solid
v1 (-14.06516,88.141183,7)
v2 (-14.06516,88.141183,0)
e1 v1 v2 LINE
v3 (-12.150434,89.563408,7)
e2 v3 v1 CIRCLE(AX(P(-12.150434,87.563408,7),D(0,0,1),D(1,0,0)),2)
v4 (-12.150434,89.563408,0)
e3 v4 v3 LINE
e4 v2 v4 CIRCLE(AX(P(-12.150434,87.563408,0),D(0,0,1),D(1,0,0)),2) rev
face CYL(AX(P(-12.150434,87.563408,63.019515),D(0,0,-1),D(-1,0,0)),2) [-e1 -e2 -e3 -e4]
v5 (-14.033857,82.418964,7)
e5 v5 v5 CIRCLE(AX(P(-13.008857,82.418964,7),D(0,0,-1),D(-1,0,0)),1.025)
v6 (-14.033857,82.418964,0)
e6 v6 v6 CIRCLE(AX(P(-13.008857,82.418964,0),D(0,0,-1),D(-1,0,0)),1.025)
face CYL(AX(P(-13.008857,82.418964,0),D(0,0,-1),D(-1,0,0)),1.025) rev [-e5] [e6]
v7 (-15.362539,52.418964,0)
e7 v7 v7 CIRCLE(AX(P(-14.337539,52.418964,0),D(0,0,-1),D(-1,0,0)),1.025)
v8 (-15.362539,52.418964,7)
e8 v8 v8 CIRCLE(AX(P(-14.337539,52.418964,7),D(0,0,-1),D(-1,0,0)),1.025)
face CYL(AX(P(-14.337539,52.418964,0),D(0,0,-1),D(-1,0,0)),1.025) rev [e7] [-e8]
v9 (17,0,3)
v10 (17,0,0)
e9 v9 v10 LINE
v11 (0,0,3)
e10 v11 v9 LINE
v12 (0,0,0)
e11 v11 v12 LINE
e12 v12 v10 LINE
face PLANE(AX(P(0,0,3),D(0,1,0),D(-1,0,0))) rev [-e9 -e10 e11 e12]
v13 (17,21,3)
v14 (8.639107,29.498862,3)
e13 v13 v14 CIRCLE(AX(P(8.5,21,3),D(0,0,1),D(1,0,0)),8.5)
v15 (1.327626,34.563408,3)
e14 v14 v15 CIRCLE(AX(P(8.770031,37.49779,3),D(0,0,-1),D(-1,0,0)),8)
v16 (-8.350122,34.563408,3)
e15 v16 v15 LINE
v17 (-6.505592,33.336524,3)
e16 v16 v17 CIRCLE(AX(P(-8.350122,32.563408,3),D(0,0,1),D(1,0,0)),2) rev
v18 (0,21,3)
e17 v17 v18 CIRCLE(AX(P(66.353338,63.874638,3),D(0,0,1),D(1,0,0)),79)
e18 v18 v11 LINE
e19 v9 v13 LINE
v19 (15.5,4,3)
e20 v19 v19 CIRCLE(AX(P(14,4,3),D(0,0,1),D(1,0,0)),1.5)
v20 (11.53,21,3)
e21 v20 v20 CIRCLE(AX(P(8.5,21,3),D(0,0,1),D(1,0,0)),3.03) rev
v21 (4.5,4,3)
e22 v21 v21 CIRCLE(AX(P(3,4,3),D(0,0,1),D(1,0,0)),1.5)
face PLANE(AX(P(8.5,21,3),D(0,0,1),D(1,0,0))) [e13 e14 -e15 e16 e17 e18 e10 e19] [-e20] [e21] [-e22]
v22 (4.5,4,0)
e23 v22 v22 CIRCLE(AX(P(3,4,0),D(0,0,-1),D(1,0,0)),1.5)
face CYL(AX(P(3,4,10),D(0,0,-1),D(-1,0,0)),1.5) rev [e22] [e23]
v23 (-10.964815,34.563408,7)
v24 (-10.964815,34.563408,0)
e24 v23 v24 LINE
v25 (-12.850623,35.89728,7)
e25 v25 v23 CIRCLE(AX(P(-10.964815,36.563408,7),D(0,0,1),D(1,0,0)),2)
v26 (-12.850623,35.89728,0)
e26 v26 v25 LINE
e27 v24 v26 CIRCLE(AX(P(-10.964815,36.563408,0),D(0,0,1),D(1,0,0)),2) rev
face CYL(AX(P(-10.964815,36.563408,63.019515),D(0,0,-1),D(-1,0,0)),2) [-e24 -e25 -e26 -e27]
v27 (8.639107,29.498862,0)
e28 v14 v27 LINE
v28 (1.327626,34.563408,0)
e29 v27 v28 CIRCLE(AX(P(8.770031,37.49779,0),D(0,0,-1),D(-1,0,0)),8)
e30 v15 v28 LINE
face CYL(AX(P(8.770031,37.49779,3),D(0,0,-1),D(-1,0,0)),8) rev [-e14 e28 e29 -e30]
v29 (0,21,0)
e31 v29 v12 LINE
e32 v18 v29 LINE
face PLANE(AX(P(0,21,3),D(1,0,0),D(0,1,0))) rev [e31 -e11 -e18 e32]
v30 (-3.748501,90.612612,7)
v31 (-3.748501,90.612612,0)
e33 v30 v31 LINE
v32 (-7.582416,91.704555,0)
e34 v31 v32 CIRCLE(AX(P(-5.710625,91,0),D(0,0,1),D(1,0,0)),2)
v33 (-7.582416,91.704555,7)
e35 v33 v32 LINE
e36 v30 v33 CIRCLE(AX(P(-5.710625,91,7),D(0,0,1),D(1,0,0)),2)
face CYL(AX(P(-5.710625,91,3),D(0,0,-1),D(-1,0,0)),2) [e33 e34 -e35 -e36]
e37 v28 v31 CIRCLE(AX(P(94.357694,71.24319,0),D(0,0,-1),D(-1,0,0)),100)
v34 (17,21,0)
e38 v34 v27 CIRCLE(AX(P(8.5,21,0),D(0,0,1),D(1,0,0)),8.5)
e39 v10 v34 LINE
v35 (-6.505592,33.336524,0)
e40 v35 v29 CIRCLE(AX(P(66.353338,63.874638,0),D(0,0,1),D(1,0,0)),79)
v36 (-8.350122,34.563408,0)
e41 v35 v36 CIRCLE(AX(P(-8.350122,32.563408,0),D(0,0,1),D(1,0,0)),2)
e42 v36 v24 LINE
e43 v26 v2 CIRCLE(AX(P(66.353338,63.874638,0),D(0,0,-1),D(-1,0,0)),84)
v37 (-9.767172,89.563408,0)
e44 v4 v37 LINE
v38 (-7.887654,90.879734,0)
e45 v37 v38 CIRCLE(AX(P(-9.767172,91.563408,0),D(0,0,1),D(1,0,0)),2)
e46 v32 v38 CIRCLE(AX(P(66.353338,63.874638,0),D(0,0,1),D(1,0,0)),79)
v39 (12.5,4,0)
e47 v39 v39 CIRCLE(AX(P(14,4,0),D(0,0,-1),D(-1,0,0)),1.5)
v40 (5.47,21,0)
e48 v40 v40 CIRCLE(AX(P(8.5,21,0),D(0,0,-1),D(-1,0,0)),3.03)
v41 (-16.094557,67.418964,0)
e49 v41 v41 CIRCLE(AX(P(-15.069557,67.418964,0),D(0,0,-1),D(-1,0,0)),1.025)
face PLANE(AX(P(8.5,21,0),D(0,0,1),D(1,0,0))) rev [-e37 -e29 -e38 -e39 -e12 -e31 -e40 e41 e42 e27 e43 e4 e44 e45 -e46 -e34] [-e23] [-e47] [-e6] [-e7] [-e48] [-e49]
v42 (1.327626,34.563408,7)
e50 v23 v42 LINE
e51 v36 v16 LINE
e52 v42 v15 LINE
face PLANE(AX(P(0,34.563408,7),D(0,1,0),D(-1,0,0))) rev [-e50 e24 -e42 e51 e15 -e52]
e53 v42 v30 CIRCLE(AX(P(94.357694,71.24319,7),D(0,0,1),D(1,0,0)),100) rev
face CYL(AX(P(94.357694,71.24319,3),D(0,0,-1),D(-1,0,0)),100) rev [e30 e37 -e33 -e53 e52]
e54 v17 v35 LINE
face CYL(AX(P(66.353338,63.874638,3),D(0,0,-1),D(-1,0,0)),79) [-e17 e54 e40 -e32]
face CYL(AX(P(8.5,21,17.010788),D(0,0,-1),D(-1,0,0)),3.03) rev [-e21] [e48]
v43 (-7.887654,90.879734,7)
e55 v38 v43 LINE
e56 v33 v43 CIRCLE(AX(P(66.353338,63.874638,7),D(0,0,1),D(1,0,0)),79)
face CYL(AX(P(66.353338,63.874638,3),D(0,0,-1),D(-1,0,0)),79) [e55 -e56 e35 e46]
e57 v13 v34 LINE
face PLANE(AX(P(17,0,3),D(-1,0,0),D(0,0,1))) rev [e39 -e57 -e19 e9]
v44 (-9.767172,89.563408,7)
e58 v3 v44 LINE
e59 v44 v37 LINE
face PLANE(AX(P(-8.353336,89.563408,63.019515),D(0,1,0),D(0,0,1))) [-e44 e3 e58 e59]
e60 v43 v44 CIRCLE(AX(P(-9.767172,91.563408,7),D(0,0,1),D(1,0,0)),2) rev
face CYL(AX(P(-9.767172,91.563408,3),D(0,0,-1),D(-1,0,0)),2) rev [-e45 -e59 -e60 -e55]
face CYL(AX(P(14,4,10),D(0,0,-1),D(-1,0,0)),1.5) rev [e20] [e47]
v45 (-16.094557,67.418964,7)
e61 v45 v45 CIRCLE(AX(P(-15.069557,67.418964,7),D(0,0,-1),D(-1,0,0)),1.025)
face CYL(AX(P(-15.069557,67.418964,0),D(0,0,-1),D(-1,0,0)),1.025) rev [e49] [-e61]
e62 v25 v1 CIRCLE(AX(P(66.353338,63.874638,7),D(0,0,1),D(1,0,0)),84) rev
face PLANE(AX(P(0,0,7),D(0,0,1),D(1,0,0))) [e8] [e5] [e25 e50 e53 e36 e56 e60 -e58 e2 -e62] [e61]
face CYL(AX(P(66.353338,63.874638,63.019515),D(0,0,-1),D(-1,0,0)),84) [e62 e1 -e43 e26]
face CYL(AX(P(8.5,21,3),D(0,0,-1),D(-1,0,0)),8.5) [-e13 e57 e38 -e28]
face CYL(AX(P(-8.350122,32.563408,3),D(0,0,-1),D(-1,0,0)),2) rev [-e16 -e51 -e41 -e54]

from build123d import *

# Parameters (mm, degrees)
SKETCH_1_R           = 3.5
EXTRUDE_1_DEPTH      = 3
SKETCH_2_R           = 1.5
CUT_EXTRUDE_1_DEPTH  = 10
EXTRUDE_2_DEPTH      = 4
EXTRUDE_5_DEPTH      = 7
FILLET_1_R           = 2
HOLE_WIZARD_M2_5_1_D = 2.05
SKETCH_12_R          = 4.953561737
SKETCH_12_R_2        = 3.03
EXTRUDE_6_DEPTH      = 3


with BuildPart() as part:
    # 草图1 → 凸台-拉伸1 (new body)
    with BuildSketch(Plane.XY):
        with BuildLine():
            Line((0, 0), (17, 0))
            Line((17, 0), (17, 21))
            ThreePointArc((17, 21), (14.559389791, 26.961023013), (8.639106973, 29.498861644))
            ThreePointArc((8.639106973, 29.498861644), (4.214678609, 30.921411086), (1.327625741, 34.563407653))
            ThreePointArc((1.327625741, 34.563407653), (-5.234705957, 62.223549547), (-3.748501306, 90.612611571))
            ThreePointArc((-3.748501306, 90.612611571), (-5.162788524, 92.923505905), (-7.58241645, 91.704554856))
            ThreePointArc((-7.58241645, 91.704554856), (-12.196269834, 55.45091149), (0, 21))
            Line((0, 21), (0, 0))
        make_face()
        with Locations((8.5, 21)):
            Circle(SKETCH_1_R, mode=Mode.SUBTRACT)
    extrude(amount=EXTRUDE_1_DEPTH)

    # 草图2 → 切除-拉伸1 (cut)
    with BuildSketch(Plane(origin=(0, 0, 0), x_dir=(-1, 0, 0), z_dir=(0, 0, -1))):
        with Locations((-14, 4)):
            Circle(SKETCH_2_R)
        with Locations(Location((-3, 4, 0), (0, 0, 180))):
            Circle(SKETCH_2_R)
    extrude(amount=-CUT_EXTRUDE_1_DEPTH, mode=Mode.SUBTRACT)

    # 草图3 → 凸台-拉伸2 (add)
    with BuildSketch(Plane.XY.offset(3)):
        with BuildLine():
            ThreePointArc((-7.58241645, 91.704554856), (-12.6426678, 63.080202535), (-7.007767698, 34.563407653))
            Line((-7.007767698, 34.563407653), (1.327625741, 34.563407653))
            ThreePointArc((1.327625741, 34.563407653), (-5.234705957, 62.223549547), (-3.748501306, 90.612611571))
            ThreePointArc((-3.748501306, 90.612611571), (-5.162788524, 92.923505905), (-7.58241645, 91.704554856))
        make_face()
    extrude(amount=EXTRUDE_2_DEPTH)

    # 草图8 → 凸台-拉伸5 (add)
    with BuildSketch(Plane(origin=(0, 0, 0), x_dir=(-1, 0, 0), z_dir=(0, 0, -1))):
        with BuildLine():
            Line((8.353336216, 89.563407653), (13.622203114, 89.563407653))
            ThreePointArc((13.622203114, 89.563407653), (17.624786926, 61.957713987), (12.366747323, 34.563407653))
            Line((12.366747323, 34.563407653), (7.007767698, 34.563407653))
            ThreePointArc((7.007767698, 34.563407653), (12.623031035, 61.942490485), (8.353336216, 89.563407653))
        make_face()
    extrude(amount=-EXTRUDE_5_DEPTH)

    # 圆角1
    fillet_1_edges = [part.edges().sort_by_distance(p)[0] for p in [
        (-12.366747323, 34.563407653, 3.5),
        (-13.622203114, 89.563407653, 3.5),
        (-8.353336216, 89.563407653, 3.5),
        (-7.007767698, 34.563407653, 1.5),
    ]]
    fillet(fillet_1_edges, radius=FILLET_1_R)

    # M2.5 螺纹孔1 (through all)
    with Locations(Plane(origin=(0, 0, 0), x_dir=(-1, 0, 0), z_dir=(0, 0, -1))):
        with Locations((14.33753876, 52.418963936), (-20.3596947, 65.689324708), (13.008857265, 82.418963936), (15.069556912, 67.418963936)):
            Hole(HOLE_WIZARD_M2_5_1_D / 2)

    # 草图12 → 凸台-拉伸6 (add)
    with BuildSketch(Plane(origin=(0, 0, 0), x_dir=(-1, 0, 0), z_dir=(0, 0, -1))):
        with Locations((-8.5, 21)):
            Circle(SKETCH_12_R)
        with Locations((-8.5, 21)):
            Circle(SKETCH_12_R_2, mode=Mode.SUBTRACT)
    extrude(amount=-EXTRUDE_6_DEPTH)


solid = part.part
